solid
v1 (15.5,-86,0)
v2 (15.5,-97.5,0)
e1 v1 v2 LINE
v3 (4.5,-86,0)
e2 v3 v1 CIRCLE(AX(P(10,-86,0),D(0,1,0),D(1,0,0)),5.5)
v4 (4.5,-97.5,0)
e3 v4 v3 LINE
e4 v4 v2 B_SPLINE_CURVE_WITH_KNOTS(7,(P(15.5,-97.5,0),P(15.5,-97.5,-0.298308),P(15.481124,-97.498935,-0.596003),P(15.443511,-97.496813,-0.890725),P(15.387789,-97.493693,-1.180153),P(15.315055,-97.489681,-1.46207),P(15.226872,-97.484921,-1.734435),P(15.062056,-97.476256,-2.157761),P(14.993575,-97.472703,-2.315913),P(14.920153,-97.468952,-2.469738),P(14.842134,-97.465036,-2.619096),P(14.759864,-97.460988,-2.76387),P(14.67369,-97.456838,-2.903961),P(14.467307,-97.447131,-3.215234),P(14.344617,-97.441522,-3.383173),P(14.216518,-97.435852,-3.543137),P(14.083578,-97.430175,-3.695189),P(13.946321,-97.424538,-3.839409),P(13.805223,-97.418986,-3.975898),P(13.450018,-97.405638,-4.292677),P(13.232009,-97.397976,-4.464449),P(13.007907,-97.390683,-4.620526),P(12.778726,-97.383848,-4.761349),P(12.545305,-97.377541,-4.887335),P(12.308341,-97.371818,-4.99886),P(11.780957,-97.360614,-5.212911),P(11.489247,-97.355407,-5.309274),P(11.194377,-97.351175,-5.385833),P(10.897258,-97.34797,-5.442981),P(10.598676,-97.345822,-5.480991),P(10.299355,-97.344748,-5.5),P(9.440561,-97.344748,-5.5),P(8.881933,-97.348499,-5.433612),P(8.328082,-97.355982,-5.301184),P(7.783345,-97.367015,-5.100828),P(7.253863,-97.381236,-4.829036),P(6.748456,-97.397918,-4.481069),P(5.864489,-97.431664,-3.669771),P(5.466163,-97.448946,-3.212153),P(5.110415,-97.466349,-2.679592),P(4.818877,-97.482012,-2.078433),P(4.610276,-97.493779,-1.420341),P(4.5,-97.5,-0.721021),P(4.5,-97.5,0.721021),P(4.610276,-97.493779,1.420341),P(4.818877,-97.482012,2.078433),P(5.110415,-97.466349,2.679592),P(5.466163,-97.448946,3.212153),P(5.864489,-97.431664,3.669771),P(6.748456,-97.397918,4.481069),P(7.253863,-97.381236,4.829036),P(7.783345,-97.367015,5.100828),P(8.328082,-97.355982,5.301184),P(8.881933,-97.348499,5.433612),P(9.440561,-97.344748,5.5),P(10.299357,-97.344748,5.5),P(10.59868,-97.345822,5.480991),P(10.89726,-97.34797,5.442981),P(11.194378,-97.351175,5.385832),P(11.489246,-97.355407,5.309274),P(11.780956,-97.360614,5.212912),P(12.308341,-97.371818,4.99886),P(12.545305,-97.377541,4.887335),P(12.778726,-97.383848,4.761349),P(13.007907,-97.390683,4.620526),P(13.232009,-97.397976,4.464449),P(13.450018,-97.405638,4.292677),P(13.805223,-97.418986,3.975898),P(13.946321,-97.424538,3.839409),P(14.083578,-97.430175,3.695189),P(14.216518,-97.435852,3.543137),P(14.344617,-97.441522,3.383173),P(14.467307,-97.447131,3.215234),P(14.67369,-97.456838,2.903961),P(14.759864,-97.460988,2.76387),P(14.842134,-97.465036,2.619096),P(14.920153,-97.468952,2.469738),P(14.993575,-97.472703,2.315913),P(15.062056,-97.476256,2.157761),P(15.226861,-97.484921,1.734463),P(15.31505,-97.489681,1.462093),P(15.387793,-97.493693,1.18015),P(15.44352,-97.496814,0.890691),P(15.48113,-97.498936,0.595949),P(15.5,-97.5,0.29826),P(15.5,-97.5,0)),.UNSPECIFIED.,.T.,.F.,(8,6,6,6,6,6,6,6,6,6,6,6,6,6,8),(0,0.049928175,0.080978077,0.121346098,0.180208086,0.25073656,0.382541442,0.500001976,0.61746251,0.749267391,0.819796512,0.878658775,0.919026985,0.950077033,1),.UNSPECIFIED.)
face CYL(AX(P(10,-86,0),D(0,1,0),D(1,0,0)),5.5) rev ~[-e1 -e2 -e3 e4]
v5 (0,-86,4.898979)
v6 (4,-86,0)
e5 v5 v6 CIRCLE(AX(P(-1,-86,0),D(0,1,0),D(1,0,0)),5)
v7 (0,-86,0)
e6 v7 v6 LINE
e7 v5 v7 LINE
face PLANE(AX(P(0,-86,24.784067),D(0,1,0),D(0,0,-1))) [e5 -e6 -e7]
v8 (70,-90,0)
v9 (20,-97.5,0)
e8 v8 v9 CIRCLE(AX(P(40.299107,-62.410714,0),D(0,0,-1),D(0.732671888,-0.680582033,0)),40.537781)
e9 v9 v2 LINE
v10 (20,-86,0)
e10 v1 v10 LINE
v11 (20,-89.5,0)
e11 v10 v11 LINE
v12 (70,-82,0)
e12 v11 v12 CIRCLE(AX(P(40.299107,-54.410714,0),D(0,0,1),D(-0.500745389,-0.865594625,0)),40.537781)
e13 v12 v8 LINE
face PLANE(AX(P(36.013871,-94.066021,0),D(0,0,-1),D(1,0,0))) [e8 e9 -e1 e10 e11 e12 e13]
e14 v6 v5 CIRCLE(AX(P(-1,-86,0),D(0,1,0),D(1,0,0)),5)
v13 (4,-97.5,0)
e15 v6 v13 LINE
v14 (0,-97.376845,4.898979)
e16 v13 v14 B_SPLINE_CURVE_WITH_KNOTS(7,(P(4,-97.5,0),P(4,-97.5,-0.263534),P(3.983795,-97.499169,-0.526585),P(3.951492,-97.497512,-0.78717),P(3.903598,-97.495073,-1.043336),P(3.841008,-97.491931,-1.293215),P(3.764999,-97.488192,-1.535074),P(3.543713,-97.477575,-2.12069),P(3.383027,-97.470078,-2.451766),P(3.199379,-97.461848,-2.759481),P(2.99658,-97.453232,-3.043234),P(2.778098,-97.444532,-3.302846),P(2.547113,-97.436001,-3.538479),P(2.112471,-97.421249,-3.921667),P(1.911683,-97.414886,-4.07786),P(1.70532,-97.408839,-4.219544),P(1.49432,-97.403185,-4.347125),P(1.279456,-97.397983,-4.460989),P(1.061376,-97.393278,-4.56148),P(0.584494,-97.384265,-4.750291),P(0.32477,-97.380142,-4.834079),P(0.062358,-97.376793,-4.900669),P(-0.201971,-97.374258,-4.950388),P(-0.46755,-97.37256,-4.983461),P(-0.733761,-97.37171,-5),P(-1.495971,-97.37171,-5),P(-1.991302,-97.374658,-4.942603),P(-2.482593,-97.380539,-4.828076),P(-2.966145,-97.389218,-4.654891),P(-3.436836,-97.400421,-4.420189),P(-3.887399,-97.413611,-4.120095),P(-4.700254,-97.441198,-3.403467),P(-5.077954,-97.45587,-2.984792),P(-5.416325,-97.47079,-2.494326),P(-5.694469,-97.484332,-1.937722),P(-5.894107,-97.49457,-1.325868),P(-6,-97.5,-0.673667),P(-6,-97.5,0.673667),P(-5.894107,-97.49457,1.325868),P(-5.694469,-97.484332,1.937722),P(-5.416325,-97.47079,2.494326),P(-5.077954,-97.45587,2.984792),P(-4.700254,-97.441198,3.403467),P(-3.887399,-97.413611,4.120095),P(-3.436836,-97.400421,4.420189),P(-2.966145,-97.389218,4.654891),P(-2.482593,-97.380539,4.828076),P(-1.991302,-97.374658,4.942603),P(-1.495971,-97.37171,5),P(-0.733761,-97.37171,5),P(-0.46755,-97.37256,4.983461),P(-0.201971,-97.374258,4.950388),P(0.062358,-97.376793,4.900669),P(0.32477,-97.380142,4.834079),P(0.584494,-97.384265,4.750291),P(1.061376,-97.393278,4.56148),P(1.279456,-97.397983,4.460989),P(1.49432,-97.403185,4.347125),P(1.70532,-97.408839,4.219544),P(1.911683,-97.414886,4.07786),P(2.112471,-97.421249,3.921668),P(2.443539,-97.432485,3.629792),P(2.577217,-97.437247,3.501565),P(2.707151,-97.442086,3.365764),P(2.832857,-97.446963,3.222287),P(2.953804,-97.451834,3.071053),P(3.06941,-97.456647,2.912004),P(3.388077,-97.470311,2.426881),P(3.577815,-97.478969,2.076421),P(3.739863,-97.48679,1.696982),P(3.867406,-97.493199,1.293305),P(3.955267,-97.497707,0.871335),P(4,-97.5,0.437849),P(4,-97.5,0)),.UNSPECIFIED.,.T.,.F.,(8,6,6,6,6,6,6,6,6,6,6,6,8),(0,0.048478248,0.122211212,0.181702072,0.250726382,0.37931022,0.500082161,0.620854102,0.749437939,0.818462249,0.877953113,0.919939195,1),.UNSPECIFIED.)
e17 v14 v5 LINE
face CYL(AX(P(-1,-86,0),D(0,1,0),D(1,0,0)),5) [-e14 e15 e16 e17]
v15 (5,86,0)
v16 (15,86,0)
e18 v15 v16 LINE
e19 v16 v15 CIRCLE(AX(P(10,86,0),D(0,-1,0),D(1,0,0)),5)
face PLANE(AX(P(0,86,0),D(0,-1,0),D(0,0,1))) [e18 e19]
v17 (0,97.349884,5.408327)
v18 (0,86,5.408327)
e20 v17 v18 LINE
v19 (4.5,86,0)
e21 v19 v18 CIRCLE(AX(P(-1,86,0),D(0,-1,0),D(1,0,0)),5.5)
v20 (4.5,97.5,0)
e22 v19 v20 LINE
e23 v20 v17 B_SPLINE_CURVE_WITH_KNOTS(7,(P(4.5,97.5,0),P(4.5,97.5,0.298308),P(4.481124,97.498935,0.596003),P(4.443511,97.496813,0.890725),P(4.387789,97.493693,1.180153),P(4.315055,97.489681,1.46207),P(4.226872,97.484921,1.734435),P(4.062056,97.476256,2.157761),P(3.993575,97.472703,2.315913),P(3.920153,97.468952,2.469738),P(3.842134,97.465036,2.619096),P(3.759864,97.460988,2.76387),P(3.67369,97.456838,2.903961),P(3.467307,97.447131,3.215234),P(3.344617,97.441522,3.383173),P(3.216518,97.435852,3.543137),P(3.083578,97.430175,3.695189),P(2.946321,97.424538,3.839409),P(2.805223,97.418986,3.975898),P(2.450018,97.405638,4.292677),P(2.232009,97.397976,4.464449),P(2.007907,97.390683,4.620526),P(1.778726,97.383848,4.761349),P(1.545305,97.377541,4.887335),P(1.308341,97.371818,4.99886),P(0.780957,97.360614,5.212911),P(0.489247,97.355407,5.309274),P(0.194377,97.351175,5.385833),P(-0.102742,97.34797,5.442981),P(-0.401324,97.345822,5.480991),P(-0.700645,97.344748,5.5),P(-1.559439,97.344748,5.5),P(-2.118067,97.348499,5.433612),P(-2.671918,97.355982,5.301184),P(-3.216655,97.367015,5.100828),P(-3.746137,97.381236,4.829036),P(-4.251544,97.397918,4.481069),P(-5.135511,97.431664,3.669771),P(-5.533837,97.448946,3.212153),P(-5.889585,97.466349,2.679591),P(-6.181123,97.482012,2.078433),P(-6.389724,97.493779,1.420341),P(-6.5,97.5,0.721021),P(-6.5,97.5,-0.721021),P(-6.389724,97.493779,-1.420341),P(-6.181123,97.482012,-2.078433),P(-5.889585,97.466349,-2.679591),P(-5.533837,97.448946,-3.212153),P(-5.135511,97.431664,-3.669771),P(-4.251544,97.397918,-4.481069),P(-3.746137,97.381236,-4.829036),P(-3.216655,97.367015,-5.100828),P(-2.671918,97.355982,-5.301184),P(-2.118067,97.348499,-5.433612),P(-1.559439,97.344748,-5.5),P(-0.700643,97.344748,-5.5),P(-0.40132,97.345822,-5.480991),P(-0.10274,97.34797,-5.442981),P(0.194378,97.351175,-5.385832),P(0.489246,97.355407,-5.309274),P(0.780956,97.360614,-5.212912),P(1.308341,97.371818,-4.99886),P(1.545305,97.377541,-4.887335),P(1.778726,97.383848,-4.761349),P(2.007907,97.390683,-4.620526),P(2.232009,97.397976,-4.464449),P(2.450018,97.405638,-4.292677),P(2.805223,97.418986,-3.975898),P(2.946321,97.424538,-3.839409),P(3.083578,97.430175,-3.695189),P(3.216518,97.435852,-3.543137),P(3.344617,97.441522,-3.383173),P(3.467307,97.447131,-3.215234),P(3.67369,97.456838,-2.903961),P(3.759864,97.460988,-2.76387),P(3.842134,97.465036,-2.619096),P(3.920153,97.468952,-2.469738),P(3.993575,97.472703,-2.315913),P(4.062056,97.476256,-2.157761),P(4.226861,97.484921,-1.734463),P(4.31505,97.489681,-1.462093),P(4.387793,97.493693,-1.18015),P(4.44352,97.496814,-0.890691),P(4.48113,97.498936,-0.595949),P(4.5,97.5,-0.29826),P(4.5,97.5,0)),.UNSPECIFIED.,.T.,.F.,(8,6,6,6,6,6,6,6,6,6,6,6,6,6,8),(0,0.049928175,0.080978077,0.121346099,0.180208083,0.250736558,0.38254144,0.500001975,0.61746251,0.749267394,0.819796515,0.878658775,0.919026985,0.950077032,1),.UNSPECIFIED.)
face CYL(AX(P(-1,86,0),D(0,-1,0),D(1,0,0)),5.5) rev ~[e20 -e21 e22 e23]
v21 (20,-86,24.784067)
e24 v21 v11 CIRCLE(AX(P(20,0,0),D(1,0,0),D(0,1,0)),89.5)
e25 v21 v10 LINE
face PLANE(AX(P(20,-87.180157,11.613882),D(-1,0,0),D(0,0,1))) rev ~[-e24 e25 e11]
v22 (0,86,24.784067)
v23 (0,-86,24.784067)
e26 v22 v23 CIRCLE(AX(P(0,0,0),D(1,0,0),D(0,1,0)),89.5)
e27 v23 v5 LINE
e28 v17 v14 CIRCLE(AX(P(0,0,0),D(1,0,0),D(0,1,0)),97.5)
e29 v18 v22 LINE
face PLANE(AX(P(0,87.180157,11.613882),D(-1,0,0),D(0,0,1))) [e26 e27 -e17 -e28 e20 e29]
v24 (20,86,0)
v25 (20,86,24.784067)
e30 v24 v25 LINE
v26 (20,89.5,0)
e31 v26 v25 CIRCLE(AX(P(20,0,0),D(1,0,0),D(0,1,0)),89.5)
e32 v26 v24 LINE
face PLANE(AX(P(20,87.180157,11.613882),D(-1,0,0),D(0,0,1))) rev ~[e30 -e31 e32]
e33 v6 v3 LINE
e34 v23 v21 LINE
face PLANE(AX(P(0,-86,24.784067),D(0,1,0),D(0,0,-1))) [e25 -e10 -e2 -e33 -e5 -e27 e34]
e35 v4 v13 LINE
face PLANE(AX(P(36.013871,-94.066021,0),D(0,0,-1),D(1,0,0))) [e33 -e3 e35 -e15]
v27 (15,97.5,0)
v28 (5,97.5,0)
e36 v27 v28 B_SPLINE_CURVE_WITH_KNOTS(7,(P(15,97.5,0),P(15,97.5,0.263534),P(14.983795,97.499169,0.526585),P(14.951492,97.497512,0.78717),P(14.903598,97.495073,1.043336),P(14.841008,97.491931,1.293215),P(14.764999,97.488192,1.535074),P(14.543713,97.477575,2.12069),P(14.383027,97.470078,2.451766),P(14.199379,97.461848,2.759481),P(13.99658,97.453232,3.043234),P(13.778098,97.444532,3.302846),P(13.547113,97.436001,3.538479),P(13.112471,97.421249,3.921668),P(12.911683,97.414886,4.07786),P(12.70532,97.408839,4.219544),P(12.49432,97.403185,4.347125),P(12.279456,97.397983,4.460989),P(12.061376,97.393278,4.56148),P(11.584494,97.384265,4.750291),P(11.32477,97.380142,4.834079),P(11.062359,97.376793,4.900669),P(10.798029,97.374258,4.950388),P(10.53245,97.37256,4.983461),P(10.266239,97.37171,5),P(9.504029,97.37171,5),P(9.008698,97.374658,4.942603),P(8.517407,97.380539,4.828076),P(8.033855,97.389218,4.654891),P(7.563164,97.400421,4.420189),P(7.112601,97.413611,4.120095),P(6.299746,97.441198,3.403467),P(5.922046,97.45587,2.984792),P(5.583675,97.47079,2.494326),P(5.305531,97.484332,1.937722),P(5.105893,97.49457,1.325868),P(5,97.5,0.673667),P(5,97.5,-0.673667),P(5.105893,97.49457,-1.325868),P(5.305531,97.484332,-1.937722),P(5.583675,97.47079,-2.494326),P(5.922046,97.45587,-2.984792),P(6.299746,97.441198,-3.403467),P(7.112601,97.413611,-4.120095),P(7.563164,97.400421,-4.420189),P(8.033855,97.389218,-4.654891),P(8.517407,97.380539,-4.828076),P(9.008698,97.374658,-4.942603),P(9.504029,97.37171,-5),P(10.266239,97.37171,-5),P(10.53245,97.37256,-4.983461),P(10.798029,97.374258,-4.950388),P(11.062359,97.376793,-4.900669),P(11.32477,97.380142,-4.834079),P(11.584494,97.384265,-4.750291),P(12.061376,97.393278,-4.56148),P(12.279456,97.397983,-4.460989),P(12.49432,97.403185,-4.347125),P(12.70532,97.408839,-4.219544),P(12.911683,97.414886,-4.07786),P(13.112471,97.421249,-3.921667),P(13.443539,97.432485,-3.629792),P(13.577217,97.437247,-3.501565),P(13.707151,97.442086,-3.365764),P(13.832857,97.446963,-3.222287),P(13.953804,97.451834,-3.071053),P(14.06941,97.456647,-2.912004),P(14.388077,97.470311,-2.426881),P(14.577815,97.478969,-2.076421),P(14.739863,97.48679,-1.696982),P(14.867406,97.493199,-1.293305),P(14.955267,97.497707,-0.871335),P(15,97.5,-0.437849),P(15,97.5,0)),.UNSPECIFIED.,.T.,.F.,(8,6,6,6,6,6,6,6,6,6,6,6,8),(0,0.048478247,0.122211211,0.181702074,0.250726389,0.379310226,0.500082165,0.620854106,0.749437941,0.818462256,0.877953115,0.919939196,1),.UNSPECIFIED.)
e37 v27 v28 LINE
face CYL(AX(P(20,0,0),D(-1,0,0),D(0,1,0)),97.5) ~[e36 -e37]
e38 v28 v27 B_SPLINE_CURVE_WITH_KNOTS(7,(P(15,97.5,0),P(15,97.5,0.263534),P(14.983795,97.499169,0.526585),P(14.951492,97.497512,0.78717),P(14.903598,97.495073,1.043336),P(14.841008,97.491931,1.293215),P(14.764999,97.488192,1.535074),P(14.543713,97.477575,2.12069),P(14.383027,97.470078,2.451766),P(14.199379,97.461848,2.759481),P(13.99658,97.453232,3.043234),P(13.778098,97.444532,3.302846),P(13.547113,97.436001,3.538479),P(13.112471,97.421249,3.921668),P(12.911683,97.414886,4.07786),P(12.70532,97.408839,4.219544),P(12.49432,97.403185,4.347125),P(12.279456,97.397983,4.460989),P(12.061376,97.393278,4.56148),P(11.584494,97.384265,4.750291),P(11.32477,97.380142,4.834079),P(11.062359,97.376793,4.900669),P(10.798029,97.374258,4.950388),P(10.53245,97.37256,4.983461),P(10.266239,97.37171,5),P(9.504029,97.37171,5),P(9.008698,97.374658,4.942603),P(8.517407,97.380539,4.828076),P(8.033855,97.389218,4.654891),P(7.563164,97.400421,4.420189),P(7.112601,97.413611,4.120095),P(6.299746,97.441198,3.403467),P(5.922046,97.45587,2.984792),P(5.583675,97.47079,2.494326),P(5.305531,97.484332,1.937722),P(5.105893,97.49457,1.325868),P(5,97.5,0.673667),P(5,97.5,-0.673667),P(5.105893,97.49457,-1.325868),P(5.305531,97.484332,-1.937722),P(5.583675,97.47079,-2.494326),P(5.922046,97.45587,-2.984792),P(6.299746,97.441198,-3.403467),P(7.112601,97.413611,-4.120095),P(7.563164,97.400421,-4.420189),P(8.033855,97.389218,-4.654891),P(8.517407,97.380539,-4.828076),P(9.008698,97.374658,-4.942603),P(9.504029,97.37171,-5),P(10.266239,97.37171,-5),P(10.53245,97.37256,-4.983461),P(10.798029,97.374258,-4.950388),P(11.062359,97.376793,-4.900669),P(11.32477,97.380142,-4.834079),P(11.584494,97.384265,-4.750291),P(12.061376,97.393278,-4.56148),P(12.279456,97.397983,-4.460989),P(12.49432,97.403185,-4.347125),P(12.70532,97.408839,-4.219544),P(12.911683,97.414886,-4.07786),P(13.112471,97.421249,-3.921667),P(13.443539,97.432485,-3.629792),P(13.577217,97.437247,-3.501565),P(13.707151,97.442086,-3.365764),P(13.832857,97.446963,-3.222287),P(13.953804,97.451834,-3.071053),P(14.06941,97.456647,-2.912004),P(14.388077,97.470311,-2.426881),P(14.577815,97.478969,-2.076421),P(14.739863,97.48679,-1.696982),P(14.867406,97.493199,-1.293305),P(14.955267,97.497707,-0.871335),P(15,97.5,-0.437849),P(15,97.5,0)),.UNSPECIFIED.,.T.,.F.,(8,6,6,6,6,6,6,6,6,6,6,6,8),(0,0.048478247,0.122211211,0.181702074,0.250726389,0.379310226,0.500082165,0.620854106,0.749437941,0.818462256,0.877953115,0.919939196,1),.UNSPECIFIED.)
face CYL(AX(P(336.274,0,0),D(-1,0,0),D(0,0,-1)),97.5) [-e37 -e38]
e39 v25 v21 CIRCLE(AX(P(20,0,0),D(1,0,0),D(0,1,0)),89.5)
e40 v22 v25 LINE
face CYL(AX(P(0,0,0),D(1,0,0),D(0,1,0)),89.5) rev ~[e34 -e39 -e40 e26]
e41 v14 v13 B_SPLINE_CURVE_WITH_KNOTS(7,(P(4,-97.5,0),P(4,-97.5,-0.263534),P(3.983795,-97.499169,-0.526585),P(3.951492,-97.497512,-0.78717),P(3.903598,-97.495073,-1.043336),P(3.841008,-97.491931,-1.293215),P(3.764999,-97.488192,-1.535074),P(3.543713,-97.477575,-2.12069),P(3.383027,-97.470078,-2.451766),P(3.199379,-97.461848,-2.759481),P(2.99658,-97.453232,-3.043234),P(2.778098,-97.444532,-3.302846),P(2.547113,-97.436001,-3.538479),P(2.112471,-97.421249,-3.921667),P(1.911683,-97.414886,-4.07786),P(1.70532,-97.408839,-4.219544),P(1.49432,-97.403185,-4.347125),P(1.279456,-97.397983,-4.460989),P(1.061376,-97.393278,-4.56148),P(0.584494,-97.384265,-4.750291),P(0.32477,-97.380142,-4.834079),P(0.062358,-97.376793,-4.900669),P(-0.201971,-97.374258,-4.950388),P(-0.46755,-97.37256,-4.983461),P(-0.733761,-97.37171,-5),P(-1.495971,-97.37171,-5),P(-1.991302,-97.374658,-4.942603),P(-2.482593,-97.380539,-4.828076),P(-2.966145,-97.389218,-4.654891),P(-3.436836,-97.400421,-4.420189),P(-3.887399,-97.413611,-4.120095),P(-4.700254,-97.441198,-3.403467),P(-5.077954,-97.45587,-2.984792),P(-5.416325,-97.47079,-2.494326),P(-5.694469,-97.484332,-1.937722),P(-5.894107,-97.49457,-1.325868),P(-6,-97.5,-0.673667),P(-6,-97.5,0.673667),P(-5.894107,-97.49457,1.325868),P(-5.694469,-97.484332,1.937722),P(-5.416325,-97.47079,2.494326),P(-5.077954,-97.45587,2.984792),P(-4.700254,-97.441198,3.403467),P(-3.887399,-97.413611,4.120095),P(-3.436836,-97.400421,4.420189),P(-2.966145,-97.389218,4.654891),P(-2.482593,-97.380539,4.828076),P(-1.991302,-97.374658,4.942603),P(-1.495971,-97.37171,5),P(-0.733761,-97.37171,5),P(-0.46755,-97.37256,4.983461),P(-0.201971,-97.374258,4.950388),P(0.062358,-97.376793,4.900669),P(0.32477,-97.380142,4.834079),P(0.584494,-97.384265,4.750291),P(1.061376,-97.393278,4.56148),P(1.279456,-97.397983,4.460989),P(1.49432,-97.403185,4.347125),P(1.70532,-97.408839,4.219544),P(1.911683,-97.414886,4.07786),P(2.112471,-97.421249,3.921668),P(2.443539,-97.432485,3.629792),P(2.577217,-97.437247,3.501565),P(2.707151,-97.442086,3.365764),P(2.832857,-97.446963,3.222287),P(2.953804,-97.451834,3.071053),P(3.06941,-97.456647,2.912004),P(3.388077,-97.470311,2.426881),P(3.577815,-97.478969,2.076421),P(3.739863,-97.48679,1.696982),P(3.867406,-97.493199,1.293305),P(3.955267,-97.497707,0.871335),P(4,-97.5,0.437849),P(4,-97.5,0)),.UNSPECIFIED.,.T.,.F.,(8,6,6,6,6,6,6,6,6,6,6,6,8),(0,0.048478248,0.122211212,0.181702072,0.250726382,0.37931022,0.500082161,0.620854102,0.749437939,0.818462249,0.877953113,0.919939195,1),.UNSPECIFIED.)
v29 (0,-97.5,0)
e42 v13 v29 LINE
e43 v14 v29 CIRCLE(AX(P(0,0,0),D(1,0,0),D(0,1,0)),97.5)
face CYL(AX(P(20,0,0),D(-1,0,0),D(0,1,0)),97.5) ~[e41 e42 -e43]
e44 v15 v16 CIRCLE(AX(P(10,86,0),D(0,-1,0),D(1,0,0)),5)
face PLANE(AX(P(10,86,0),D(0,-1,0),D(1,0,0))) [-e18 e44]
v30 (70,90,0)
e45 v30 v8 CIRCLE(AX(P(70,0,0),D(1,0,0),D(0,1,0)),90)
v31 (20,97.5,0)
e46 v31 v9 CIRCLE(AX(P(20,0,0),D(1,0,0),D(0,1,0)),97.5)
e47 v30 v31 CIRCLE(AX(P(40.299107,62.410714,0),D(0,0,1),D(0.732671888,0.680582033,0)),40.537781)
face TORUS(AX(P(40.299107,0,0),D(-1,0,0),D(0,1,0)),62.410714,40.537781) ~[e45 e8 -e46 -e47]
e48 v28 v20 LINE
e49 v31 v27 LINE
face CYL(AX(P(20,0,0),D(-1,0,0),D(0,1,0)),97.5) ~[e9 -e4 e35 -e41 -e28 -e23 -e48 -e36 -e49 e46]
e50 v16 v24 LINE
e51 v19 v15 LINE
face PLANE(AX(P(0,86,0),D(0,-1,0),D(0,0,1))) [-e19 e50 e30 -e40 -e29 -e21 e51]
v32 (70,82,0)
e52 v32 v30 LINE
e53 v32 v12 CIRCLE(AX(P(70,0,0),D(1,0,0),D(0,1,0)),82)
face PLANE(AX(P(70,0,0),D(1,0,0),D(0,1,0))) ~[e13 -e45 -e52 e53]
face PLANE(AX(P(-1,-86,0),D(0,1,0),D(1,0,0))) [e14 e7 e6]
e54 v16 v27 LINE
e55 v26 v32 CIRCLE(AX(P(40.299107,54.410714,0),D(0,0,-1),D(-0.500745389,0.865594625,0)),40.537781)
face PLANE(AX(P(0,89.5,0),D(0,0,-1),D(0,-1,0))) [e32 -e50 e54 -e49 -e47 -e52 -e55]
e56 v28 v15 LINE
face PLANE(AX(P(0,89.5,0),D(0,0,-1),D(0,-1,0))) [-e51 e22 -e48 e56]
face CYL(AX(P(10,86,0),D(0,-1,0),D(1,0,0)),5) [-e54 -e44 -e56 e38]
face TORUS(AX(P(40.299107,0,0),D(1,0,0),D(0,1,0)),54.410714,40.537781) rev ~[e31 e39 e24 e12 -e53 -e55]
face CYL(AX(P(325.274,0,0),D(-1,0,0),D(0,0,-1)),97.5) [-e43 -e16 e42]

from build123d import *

# Parameters (mm, degrees)
REVOLVE1_ANGLE           = 180
BOSS_EXTRUDE1_DEPTH      = 20
BOSS_EXTRUDE2_REACH      = 228.274
BOSS_EXTRUDE2_END_RADIUS = 97.5
SKETCH5_R                = 5
CUT_EXTRUDE1_REACH       = 228.274
CUT_EXTRUDE1_END_RADIUS  = 97.5
SKETCH6_R                = 5.5
BOSS_EXTRUDE3_REACH      = 228.274
BOSS_EXTRUDE3_END_RADIUS = 97.5
SKETCH8_R                = 5
CUT_EXTRUDE2_REACH       = 228.274
CUT_EXTRUDE2_END_RADIUS  = 97.5
SKETCH10_R               = 5.5


with BuildPart() as part:
    # Sketch1 → Revolve1 (revolve)
    with BuildSketch(Plane.XY):
        with BuildLine():
            Line((0, 89.5), (20, 89.5))
            ThreePointArc((20, 89.5), (46.3125, 94.5), (70, 82))
            Line((70, 82), (70, 90))
            ThreePointArc((70, 90), (46.3125, 102.5), (20, 97.5))
            Line((20, 97.5), (0, 97.5))
            Line((0, 97.5), (0, 89.5))
        make_face()
    revolve(axis=Axis((0, 0, 0), (1, 0, 0)), revolution_arc=REVOLVE1_ANGLE)

    # Sketch3 → Boss-Extrude1 (add)
    with BuildSketch(Plane.ZY):
        with BuildLine():
            ThreePointArc((24.784067463, 86), (12.514991011, 88.620680431), (0, 89.5))
            Line((0, 89.5), (0, 86))
            Line((0, 86), (24.784067463, 86))
        make_face()
        with BuildLine():
            Line((0, -86), (0, -89.5))
            ThreePointArc((0, -89.5), (12.514991011, -88.620680431), (24.784067463, -86))
            Line((24.784067463, -86), (0, -86))
        make_face()
    extrude(amount=-BOSS_EXTRUDE1_DEPTH)

    # Boss-Extrude2: up to this cylinder (the profile starts inside it)
    boss_extrude2_end = Plane(origin=(10, 0, 0), z_dir=(-1, 0, 0)) * Cylinder(BOSS_EXTRUDE2_END_RADIUS, 652.548, mode=Mode.PRIVATE)
    # Sketch5 → Boss-Extrude2 (add, up to the surface)
    with BuildSketch(Plane.XZ.offset(-86), mode=Mode.PRIVATE) as boss_extrude2_sk1:
        with Locations((10, 0)):
            Circle(SKETCH5_R)
    boss_extrude2_tool1 = extrude(boss_extrude2_sk1.sketch, amount=-BOSS_EXTRUDE2_REACH, mode=Mode.PRIVATE) & boss_extrude2_end
    add(boss_extrude2_tool1.solids().sort_by_distance((10, 86, 0))[0])

    # Cut-Extrude1: up to this cylinder (the profile starts inside it)
    cut_extrude1_end = Plane(origin=(10, 0, 0), z_dir=(-1, 0, 0)) * Cylinder(CUT_EXTRUDE1_END_RADIUS, 652.548, mode=Mode.PRIVATE)
    # Sketch6 → Cut-Extrude1 (cut, up to the surface)
    with BuildSketch(Plane(origin=(0, -86, 0), x_dir=(1, 0, 0), z_dir=(0, 1, 0)), mode=Mode.PRIVATE) as cut_extrude1_sk1:
        with Locations((10, 0)):
            Circle(SKETCH6_R)
    cut_extrude1_tool1 = extrude(cut_extrude1_sk1.sketch, amount=-CUT_EXTRUDE1_REACH, mode=Mode.PRIVATE) & cut_extrude1_end
    add(cut_extrude1_tool1.solids().sort_by_distance((10, -86, 0))[0], mode=Mode.SUBTRACT)

    # Boss-Extrude3: up to this cylinder (the profile starts inside it)
    boss_extrude3_end = Plane(origin=(-1, 0, 0), z_dir=(-1, 0, 0)) * Cylinder(BOSS_EXTRUDE3_END_RADIUS, 652.548, mode=Mode.PRIVATE)
    # Sketch8 → Boss-Extrude3 (add, up to the surface)
    with BuildSketch(Plane(origin=(0, -86, 0), x_dir=(1, 0, 0), z_dir=(0, 1, 0)), mode=Mode.PRIVATE) as boss_extrude3_sk1:
        with Locations((-1, 0)):
            Circle(SKETCH8_R)
    boss_extrude3_tool1 = extrude(boss_extrude3_sk1.sketch, amount=-BOSS_EXTRUDE3_REACH, mode=Mode.PRIVATE) & boss_extrude3_end
    add(boss_extrude3_tool1.solids().sort_by_distance((-1, -86, 0))[0])

    # Cut-Extrude2: up to this cylinder (the profile starts inside it)
    cut_extrude2_end = Plane(origin=(-1, 0, 0), z_dir=(-1, 0, 0)) * Cylinder(CUT_EXTRUDE2_END_RADIUS, 652.548, mode=Mode.PRIVATE)
    # Sketch10 → Cut-Extrude2 (cut, up to the surface)
    with BuildSketch(Plane.XZ.offset(-86), mode=Mode.PRIVATE) as cut_extrude2_sk1:
        with Locations((-1, 0)):
            Circle(SKETCH10_R)
    cut_extrude2_tool1 = extrude(cut_extrude2_sk1.sketch, amount=-CUT_EXTRUDE2_REACH, mode=Mode.PRIVATE) & cut_extrude2_end
    add(cut_extrude2_tool1.solids().sort_by_distance((-1, 86, 0))[0], mode=Mode.SUBTRACT)


solid = part.part
